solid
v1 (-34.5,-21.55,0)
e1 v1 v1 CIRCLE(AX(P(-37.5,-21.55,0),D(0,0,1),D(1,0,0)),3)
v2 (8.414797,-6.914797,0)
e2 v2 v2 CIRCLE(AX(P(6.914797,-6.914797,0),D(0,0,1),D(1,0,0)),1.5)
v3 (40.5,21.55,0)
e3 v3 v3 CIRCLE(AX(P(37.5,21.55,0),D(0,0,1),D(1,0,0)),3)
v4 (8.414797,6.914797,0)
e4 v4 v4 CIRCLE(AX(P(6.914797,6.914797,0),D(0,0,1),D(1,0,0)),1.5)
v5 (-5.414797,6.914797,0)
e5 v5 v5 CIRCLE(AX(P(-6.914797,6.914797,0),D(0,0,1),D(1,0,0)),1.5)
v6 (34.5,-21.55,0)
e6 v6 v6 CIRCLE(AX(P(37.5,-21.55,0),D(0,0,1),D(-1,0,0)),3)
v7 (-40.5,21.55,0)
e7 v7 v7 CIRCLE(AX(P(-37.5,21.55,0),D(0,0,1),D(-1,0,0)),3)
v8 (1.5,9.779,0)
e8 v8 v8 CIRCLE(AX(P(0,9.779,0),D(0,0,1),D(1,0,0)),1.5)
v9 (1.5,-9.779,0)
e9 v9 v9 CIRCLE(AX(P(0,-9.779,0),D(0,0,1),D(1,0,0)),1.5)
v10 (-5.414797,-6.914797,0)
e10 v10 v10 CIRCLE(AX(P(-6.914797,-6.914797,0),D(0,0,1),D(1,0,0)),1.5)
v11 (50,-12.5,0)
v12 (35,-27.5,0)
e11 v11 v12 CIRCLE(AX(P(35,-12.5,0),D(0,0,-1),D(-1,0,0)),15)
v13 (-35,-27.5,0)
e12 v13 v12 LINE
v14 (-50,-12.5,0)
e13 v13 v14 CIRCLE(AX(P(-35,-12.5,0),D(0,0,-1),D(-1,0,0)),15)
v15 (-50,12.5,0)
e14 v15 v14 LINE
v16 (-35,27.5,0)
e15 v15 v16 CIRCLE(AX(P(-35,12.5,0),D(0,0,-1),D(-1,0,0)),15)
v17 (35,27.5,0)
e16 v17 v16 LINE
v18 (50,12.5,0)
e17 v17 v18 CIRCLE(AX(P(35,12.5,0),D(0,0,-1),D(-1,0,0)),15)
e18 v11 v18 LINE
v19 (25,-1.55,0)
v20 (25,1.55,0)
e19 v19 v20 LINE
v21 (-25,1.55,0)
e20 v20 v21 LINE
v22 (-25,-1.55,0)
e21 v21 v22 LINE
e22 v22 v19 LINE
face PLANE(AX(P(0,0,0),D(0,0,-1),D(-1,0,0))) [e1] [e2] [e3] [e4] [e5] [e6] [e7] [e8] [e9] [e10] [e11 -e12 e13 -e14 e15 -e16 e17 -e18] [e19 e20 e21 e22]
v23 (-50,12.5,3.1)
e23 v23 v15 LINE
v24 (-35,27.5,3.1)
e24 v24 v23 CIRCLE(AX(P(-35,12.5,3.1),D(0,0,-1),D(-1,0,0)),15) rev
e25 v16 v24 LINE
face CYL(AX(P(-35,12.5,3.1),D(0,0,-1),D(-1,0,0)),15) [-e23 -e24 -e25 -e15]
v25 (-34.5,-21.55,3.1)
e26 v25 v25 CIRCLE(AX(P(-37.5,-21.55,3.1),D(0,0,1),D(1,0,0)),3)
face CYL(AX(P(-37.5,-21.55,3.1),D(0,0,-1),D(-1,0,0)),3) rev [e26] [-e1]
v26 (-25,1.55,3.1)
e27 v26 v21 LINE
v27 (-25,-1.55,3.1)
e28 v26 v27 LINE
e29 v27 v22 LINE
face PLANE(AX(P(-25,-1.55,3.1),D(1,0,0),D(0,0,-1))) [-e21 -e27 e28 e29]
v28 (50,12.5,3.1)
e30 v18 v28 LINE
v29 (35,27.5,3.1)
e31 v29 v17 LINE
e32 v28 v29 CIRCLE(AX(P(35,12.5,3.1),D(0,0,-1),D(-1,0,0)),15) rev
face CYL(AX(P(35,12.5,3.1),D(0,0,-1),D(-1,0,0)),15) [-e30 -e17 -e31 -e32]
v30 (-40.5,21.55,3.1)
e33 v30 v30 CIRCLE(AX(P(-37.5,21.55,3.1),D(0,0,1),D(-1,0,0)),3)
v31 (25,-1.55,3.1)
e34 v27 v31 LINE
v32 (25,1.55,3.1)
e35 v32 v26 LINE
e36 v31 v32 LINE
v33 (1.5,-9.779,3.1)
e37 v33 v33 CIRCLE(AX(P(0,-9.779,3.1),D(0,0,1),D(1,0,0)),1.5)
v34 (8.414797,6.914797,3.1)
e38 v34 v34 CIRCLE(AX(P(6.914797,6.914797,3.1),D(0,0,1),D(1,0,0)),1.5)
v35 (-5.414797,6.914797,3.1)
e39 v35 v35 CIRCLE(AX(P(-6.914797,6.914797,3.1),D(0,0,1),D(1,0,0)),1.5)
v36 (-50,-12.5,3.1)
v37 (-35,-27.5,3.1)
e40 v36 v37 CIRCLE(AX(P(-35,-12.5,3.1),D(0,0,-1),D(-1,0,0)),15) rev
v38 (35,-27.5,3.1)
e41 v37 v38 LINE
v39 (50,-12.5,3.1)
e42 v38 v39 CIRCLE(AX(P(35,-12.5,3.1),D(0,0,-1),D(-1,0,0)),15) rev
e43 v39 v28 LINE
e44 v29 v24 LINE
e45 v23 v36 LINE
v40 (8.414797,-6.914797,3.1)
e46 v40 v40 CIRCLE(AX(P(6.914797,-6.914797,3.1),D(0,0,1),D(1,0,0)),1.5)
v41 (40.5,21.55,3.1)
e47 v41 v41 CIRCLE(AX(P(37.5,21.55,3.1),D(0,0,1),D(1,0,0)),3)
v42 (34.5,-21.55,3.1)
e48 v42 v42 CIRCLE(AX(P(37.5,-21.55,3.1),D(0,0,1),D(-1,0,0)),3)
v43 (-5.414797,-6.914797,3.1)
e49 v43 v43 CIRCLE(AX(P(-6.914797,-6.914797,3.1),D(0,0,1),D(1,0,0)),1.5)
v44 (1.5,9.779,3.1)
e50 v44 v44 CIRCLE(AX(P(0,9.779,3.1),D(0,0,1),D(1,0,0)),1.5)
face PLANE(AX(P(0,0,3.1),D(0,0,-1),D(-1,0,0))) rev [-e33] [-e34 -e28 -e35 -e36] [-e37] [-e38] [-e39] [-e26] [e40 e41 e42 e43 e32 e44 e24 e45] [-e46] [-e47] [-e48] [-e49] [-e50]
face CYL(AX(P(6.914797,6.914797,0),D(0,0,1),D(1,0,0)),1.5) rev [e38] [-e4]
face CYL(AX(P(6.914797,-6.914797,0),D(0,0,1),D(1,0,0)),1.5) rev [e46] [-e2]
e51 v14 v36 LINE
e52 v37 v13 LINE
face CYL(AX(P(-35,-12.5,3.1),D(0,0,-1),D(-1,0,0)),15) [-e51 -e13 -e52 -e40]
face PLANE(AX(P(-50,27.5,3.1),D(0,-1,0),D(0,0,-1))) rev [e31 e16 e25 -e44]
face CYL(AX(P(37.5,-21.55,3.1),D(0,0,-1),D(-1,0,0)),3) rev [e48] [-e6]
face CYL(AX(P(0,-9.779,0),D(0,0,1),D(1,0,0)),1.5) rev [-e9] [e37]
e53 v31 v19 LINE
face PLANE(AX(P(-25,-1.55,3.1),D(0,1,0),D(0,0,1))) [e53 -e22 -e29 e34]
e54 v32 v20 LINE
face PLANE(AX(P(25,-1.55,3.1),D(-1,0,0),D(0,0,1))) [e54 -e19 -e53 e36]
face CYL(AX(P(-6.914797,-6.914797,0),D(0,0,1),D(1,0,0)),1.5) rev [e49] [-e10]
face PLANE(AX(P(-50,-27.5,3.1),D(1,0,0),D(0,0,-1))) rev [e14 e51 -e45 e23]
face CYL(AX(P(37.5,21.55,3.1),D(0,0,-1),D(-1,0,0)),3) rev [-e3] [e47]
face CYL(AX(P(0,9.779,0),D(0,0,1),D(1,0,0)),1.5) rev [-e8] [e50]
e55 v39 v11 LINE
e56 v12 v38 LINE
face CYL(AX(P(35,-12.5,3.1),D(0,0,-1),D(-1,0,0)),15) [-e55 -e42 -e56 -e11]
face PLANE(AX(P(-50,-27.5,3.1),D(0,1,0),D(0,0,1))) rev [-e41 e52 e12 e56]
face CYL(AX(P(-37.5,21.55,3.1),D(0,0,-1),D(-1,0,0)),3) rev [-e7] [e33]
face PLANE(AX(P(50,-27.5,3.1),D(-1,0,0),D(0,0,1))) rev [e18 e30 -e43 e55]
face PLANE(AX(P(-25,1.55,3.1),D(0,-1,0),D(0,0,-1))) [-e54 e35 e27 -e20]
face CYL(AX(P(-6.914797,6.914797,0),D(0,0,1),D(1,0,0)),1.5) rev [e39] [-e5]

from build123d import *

# Parameters (mm, degrees)
SKETCH1_W           = 100
SKETCH1_H           = 55
SKETCH1_R           = 3
SKETCH1_W_2         = 50
SKETCH1_H_2         = 3.1
BOSS_EXTRUDE1_DEPTH = 3.1
SKETCH2_R           = 1.5
CUT_EXTRUDE1_DEPTH  = 4.1
FILLET1_R           = 15


with BuildPart() as part:
    # Sketch1 → Boss-Extrude1 (new body)
    with BuildSketch(Plane.XY):
        Rectangle(SKETCH1_W, SKETCH1_H)
        with Locations((37.5, 21.55)):
            Circle(SKETCH1_R, mode=Mode.SUBTRACT)
        with Locations((-37.5, 21.55)):
            Circle(SKETCH1_R, mode=Mode.SUBTRACT)
        with Locations((-37.5, -21.55)):
            Circle(SKETCH1_R, mode=Mode.SUBTRACT)
        with Locations((37.5, -21.55)):
            Circle(SKETCH1_R, mode=Mode.SUBTRACT)
        Rectangle(SKETCH1_W_2, SKETCH1_H_2, mode=Mode.SUBTRACT)
    extrude(amount=BOSS_EXTRUDE1_DEPTH)

    # Sketch2 → Cut-Extrude1 (cut, through all)
    with BuildSketch(Plane.XY.offset(3.1)):
        with Locations((-6.914797213, 6.914797213)):
            Circle(SKETCH2_R)
        with Locations((0, 9.779)):
            Circle(SKETCH2_R)
        with Locations((6.914797213, 6.914797213)):
            Circle(SKETCH2_R)
        with Locations((9.779, 0)):
            Circle(SKETCH2_R)
        with Locations((6.914797213, -6.914797213)):
            Circle(SKETCH2_R)
        with Locations((0, -9.779)):
            Circle(SKETCH2_R)
        with Locations((-6.914797213, -6.914797213)):
            Circle(SKETCH2_R)
        with Locations((-9.779, 0)):
            Circle(SKETCH2_R)
    extrude(amount=-CUT_EXTRUDE1_DEPTH, mode=Mode.SUBTRACT)

    # Fillet1
    fillet1_edges = [part.edges().sort_by_distance(p)[0] for p in [
        (50, -27.5, 1.55),
        (-50, -27.5, 1.55),
        (-50, 27.5, 1.55),
        (50, 27.5, 1.55),
    ]]
    fillet(fillet1_edges, radius=FILLET1_R)


solid = part.part
